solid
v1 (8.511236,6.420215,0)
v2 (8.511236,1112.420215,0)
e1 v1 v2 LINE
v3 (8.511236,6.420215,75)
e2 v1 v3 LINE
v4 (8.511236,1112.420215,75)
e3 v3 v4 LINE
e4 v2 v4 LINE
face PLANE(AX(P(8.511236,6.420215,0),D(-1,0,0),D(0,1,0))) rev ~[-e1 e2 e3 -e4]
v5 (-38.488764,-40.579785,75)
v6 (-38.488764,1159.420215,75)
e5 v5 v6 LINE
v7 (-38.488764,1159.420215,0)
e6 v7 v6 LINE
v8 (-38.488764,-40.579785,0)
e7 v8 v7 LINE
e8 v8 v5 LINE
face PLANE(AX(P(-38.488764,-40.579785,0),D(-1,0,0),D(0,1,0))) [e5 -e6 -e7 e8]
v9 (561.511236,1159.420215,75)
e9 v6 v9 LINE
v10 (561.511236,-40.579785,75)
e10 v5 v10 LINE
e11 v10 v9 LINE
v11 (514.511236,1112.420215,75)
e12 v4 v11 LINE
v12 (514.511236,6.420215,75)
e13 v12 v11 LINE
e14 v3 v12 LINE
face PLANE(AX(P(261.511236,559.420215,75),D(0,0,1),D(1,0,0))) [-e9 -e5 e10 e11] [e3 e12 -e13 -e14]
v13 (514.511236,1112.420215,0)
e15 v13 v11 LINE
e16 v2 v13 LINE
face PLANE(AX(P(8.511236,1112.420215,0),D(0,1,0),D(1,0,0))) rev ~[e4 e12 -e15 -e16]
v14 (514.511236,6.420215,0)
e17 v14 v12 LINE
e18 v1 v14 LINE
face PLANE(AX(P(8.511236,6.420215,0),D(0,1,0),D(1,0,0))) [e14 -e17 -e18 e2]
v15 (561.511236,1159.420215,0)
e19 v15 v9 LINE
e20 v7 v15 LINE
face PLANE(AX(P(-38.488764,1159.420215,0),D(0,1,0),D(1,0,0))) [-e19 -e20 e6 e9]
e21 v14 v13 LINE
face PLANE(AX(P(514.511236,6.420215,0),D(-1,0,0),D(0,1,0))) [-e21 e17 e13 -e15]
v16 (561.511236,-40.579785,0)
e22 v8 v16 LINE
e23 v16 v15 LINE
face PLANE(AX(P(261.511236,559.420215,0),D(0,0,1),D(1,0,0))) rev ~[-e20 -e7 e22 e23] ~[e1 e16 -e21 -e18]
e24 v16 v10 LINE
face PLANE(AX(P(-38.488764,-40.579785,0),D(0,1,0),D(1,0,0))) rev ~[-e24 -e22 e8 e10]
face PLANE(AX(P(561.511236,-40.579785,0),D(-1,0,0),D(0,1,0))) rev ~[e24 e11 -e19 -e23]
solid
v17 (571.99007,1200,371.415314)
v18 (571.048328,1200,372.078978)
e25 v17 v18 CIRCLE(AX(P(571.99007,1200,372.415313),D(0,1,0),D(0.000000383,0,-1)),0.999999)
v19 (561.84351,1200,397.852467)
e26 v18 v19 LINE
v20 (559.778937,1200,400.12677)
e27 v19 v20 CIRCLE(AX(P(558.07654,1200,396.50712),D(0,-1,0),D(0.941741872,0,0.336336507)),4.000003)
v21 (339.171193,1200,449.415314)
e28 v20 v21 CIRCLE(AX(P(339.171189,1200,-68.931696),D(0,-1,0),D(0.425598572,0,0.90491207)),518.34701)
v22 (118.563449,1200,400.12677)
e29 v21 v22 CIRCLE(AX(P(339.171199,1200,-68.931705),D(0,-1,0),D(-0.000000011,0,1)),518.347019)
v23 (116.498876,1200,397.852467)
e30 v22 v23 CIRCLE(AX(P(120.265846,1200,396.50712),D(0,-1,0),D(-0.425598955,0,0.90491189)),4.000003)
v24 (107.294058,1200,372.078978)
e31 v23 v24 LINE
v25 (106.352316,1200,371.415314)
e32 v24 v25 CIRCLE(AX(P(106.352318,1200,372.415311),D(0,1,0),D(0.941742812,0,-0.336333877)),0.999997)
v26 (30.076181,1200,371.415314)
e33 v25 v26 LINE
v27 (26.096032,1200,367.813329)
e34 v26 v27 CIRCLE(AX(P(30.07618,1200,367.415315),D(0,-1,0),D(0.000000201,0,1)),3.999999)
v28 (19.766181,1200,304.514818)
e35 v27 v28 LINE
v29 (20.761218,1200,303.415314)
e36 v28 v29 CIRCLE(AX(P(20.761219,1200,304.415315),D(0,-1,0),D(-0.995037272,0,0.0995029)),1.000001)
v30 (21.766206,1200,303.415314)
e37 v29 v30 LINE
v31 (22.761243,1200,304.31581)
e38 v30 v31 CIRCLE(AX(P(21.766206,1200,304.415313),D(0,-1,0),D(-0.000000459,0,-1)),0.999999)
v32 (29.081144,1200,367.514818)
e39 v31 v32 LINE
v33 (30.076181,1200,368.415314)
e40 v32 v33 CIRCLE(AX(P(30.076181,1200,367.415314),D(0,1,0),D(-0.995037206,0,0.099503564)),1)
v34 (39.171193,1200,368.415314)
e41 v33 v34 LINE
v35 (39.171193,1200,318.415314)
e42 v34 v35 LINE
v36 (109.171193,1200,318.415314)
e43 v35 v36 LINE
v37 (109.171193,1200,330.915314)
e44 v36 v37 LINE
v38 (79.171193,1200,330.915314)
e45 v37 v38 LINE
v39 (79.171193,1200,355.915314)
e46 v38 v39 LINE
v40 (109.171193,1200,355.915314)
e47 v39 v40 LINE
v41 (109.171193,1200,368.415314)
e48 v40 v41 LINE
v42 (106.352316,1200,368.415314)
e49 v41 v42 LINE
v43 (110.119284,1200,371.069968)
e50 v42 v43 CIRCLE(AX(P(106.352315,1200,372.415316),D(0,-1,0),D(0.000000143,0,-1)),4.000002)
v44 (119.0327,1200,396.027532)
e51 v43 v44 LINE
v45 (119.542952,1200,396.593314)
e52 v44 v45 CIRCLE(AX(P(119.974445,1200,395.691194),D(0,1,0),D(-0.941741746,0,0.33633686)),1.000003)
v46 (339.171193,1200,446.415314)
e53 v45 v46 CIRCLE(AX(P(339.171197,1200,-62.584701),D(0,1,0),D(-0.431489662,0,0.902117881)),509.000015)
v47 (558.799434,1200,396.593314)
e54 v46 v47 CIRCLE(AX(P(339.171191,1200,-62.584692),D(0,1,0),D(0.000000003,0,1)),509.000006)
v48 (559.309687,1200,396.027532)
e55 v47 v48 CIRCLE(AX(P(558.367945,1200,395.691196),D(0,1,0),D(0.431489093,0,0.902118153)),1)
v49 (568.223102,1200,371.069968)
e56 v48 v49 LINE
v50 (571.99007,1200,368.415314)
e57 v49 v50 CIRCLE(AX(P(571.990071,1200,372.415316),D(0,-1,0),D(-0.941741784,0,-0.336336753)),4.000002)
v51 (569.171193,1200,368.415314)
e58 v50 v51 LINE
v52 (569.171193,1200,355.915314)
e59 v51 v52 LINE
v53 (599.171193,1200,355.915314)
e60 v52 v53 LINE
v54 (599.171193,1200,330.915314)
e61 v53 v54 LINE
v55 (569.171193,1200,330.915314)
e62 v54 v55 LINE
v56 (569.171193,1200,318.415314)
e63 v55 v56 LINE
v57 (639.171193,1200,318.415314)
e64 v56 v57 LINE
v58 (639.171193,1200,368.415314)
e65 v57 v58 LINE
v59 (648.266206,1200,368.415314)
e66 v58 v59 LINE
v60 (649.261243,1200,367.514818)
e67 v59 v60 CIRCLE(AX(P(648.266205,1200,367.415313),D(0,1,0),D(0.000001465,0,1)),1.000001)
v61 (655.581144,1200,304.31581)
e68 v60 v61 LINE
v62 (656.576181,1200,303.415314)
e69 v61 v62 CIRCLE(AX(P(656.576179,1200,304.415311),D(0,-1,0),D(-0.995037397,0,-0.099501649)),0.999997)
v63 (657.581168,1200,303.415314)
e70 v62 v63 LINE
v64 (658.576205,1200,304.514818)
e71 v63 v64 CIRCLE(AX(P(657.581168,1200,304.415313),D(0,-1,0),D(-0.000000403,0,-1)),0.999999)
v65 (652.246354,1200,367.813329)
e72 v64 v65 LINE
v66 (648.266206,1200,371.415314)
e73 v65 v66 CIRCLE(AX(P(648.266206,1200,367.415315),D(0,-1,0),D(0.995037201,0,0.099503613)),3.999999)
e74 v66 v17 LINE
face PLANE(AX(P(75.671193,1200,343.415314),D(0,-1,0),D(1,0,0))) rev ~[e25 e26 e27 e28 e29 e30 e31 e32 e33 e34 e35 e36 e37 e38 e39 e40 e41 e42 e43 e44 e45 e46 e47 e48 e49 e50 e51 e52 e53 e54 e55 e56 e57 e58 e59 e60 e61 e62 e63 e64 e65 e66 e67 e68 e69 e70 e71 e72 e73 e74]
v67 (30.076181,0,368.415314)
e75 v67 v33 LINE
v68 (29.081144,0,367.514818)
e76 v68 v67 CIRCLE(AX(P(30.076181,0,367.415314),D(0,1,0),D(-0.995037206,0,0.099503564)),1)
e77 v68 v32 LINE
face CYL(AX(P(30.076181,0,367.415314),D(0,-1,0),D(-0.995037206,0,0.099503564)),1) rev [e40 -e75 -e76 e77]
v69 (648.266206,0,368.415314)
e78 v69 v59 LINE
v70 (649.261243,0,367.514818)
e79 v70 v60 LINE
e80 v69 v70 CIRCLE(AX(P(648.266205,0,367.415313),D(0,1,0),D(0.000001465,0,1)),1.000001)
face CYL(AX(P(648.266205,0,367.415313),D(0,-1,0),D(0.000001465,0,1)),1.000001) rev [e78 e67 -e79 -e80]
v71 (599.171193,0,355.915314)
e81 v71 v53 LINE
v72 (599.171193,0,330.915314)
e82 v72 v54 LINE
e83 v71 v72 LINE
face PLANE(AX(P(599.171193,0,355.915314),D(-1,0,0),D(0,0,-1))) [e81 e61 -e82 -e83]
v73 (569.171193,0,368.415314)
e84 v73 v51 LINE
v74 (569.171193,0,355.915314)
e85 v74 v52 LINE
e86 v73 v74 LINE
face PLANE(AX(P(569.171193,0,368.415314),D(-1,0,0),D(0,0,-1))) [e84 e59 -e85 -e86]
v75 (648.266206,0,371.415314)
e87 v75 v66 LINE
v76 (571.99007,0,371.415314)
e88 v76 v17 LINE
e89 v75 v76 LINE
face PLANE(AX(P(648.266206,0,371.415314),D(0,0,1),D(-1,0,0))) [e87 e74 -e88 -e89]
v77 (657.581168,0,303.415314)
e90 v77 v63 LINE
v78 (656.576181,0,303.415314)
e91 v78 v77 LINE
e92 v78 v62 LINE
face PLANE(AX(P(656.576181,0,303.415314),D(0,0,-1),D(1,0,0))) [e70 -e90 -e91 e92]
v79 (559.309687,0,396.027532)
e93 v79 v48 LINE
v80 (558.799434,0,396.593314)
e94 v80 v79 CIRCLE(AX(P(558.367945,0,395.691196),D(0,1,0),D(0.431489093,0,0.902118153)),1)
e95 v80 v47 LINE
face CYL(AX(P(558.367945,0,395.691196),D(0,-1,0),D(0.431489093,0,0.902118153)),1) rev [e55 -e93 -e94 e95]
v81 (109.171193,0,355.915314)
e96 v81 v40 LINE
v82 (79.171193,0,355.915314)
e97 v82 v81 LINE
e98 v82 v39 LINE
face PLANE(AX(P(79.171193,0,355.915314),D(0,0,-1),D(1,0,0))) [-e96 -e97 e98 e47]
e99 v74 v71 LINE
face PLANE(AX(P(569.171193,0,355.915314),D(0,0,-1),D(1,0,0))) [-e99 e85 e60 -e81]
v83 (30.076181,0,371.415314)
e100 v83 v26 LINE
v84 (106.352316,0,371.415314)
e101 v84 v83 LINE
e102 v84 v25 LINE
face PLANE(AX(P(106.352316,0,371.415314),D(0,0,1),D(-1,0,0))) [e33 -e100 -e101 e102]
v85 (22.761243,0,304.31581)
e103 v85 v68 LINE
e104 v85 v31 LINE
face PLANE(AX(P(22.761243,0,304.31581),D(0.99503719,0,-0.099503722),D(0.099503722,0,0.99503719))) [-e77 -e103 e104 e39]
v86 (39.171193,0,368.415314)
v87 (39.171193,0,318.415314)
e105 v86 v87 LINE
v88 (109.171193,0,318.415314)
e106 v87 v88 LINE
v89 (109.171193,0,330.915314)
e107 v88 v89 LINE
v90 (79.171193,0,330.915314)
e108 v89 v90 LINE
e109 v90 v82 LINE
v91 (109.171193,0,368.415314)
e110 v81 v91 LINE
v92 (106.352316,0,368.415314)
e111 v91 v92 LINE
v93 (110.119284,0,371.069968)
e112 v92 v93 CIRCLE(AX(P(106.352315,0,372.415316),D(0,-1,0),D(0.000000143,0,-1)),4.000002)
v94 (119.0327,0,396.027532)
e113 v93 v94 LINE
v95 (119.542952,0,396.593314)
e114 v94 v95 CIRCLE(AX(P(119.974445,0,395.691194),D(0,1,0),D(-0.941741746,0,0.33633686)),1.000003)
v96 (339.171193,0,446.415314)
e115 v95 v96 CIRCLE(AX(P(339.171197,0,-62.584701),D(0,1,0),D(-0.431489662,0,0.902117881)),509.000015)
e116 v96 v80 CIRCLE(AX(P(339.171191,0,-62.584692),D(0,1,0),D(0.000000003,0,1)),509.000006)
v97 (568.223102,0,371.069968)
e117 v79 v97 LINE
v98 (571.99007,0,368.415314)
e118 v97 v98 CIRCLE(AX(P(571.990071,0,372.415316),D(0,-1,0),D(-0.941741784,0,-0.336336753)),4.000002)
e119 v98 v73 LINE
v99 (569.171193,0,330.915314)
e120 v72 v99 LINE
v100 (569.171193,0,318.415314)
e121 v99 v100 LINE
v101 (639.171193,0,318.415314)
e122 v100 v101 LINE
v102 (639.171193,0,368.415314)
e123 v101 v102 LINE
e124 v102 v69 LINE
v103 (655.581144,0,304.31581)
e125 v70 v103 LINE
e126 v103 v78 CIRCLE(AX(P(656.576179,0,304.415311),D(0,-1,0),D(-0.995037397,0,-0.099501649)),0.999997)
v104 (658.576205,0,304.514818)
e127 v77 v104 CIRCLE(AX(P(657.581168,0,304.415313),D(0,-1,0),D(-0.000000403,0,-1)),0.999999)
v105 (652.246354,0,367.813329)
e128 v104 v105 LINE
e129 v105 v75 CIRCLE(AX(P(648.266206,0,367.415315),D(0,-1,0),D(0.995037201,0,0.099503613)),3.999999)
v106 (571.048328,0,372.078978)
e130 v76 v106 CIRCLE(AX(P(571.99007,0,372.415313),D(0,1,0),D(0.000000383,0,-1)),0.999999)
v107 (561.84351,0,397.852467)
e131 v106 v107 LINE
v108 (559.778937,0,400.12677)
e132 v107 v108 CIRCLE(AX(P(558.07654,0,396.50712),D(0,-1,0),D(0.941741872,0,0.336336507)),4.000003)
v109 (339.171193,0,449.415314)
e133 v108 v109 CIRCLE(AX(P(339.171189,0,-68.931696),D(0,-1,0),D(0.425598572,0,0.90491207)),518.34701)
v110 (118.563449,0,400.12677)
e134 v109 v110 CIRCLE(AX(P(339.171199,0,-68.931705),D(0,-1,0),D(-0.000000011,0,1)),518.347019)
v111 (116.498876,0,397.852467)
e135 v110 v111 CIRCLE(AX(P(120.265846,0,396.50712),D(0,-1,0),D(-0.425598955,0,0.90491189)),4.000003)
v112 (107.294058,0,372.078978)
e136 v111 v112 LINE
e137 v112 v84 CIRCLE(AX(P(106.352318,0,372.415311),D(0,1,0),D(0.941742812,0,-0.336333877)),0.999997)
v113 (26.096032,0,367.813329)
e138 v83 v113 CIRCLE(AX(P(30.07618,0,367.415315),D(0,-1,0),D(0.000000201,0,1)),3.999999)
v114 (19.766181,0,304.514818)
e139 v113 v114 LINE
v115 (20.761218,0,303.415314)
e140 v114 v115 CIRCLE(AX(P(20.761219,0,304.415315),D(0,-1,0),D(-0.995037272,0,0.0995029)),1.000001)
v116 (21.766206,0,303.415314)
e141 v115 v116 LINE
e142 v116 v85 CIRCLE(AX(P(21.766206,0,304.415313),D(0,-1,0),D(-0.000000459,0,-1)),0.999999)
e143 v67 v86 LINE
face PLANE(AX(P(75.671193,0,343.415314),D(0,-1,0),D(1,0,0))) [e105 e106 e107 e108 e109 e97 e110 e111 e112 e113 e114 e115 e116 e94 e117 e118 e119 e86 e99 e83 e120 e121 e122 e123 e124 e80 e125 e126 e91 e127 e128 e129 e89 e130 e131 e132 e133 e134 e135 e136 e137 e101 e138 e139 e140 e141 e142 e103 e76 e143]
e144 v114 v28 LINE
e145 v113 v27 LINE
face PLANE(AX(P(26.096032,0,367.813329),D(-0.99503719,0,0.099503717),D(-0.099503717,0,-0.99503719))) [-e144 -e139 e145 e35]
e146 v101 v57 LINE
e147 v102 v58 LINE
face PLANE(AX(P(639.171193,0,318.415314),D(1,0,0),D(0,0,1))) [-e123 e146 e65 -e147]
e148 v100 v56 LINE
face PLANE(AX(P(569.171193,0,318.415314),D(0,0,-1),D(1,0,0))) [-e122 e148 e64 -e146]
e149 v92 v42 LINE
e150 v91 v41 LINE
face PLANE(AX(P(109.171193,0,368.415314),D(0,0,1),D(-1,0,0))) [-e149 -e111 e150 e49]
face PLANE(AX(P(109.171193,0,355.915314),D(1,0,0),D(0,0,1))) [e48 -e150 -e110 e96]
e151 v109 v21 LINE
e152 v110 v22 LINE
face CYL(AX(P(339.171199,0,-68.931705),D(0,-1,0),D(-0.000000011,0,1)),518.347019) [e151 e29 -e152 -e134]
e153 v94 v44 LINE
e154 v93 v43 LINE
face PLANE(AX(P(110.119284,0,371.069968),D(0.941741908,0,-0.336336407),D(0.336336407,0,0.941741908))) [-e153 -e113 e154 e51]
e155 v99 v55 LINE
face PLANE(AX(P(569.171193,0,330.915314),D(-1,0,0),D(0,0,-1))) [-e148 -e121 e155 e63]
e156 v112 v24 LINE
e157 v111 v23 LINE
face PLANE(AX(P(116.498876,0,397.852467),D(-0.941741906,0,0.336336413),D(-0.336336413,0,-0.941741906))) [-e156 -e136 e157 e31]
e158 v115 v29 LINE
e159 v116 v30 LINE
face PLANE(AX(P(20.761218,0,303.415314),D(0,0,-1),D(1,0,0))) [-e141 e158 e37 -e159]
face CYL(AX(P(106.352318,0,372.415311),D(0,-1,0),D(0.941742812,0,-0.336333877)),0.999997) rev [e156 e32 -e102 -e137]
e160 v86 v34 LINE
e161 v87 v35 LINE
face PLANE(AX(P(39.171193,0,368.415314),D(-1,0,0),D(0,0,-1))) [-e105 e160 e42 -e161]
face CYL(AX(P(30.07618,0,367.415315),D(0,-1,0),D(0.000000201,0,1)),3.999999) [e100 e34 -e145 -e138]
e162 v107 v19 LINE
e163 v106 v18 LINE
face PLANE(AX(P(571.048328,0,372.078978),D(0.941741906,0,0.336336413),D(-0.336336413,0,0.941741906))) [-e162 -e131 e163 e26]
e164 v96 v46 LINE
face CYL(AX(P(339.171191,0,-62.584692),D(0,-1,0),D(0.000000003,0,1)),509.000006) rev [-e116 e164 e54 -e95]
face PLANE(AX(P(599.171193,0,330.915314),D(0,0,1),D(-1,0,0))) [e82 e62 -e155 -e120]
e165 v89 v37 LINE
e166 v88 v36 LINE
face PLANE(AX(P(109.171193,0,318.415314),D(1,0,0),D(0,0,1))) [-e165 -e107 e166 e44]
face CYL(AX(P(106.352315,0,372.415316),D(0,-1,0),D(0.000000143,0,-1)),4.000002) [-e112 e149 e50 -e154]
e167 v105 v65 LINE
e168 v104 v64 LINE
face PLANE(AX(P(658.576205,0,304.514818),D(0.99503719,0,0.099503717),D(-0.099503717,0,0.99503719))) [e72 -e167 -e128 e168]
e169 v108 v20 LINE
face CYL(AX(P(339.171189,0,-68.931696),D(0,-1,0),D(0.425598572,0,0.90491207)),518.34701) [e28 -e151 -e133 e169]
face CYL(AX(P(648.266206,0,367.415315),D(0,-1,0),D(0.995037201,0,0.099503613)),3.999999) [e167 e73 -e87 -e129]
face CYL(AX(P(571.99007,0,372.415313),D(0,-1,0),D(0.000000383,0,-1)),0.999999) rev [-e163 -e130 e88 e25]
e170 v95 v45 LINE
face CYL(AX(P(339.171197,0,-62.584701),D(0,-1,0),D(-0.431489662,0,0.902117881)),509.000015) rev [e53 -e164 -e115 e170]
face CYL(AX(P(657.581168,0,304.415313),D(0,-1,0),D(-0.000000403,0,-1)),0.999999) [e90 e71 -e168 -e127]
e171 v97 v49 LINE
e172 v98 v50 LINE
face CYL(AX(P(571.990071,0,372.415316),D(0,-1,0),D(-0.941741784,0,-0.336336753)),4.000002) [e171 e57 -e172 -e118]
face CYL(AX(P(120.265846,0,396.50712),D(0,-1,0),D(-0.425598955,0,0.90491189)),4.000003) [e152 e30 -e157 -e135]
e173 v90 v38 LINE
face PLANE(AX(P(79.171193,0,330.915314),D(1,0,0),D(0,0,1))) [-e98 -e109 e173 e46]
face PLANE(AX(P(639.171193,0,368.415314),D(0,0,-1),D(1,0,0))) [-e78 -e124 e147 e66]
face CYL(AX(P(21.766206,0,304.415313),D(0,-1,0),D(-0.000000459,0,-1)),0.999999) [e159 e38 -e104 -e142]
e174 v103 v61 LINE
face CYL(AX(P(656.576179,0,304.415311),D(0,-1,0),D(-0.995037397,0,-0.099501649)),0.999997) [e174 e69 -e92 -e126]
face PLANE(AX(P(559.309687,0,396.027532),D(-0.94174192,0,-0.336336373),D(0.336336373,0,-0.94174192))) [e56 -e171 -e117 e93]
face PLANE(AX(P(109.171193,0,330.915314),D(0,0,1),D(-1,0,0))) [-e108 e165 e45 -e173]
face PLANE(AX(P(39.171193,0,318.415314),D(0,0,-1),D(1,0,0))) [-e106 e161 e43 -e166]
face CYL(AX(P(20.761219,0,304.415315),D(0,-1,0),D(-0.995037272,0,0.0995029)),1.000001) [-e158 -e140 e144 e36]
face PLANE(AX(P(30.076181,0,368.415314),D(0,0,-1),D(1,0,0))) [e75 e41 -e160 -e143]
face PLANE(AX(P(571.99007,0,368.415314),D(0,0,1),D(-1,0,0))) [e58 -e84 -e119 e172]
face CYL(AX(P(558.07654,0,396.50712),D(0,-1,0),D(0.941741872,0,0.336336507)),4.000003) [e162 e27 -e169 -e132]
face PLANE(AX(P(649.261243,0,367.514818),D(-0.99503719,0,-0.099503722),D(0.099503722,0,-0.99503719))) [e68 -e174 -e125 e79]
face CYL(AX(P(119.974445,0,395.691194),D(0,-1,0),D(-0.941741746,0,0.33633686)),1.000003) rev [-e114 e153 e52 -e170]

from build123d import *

# Parameters (mm, degrees)
F0_W     = 600
F0_H     = 1200
F0_W_2   = 506
F0_H_2   = 1106
F1_DEPTH = 75
F3_DEPTH = 1200


with BuildPart() as f1:
    # F0 (on Top) → F1 (new body)
    with BuildSketch(Plane.XY):
        with Locations((261.511236, 559.420215)):
            Rectangle(F0_W, F0_H)
        with Locations((261.511236, 559.420215)):
            Rectangle(F0_W_2, F0_H_2, mode=Mode.SUBTRACT)
    extrude(amount=F1_DEPTH)


with BuildPart() as f3:
    # F2 (on Front) → F3 (new body)
    with BuildSketch(Plane.XZ):
        Polygon((39.171193, 368.415314), (39.171193, 318.415314), (109.171193, 318.415314), (109.171193, 330.915314), (79.171193, 330.915314), (79.171193, 355.915314), (109.171193, 355.915314), (109.171193, 368.415314), (106.352316, 368.415314), align=None)
        Polygon((639.171193, 368.415314), (571.99007, 368.415314), (569.171193, 368.415314), (569.171193, 355.915314), (599.171193, 355.915314), (599.171193, 330.915314), (569.171193, 330.915314), (569.171193, 318.415314), (639.171193, 318.415314), align=None)
        with BuildLine():
            Line((339.171193, 449.415314), (339.171193, 446.415314))
            ThreePointArc((339.171193, 446.415314), (451.775363, 433.80357), (558.799434, 396.593314))
            ThreePointArc((558.799434, 396.593314), (559.110554, 396.360921), (559.309687, 396.027532))
            Line((559.309687, 396.027532), (568.223102, 371.069968))
            ThreePointArc((568.223102, 371.069968), (569.685876, 369.145652), (571.99007, 368.415314))
            Line((571.99007, 368.415314), (639.171193, 368.415314))
            Line((639.171193, 368.415314), (648.266206, 368.415314))
            ThreePointArc((648.266206, 368.415314), (648.937211, 368.156766), (649.261243, 367.514818))
            Line((649.261243, 367.514818), (655.581144, 304.31581))
            ThreePointArc((655.581144, 304.31581), (655.905175, 303.673861), (656.576181, 303.415314))
            Line((656.576181, 303.415314), (657.581168, 303.415314))
            ThreePointArc((657.581168, 303.415314), (658.322621, 303.744309), (658.576205, 304.514818))
            Line((658.576205, 304.514818), (652.246354, 367.813329))
            ThreePointArc((652.246354, 367.813329), (650.950227, 370.381124), (648.266206, 371.415314))
            Line((648.266206, 371.415314), (571.99007, 371.415314))
            ThreePointArc((571.99007, 371.415314), (571.414022, 371.597898), (571.048328, 372.078978))
            Line((571.048328, 372.078978), (561.84351, 397.852467))
            ThreePointArc((561.84351, 397.852467), (561.03823, 399.195691), (559.778937, 400.12677))
            ThreePointArc((559.778937, 400.12677), (452.194573, 436.943128), (339.171193, 449.415314))
        make_face()
        with BuildLine():
            Line((30.076181, 368.415314), (39.171193, 368.415314))
            Line((39.171193, 368.415314), (106.352316, 368.415314))
            ThreePointArc((106.352316, 368.415314), (108.65651, 369.145652), (110.119284, 371.069968))
            Line((110.119284, 371.069968), (119.0327, 396.027532))
            ThreePointArc((119.0327, 396.027532), (119.231833, 396.360921), (119.542952, 396.593314))
            ThreePointArc((119.542952, 396.593314), (226.567024, 433.80357), (339.171193, 446.415314))
            Line((339.171193, 446.415314), (339.171193, 449.415314))
            ThreePointArc((339.171193, 449.415314), (226.147814, 436.943128), (118.563449, 400.12677))
            ThreePointArc((118.563449, 400.12677), (117.304156, 399.195691), (116.498876, 397.852467))
            Line((116.498876, 397.852467), (107.294058, 372.078978))
            ThreePointArc((107.294058, 372.078978), (106.928365, 371.597898), (106.352316, 371.415314))
            Line((106.352316, 371.415314), (30.076181, 371.415314))
            ThreePointArc((30.076181, 371.415314), (27.392159, 370.381124), (26.096032, 367.813329))
            Line((26.096032, 367.813329), (19.766181, 304.514818))
            ThreePointArc((19.766181, 304.514818), (20.019766, 303.744309), (20.761218, 303.415314))
            Line((20.761218, 303.415314), (21.766206, 303.415314))
            ThreePointArc((21.766206, 303.415314), (22.437211, 303.673861), (22.761243, 304.31581))
            Line((22.761243, 304.31581), (29.081144, 367.514818))
            ThreePointArc((29.081144, 367.514818), (29.405175, 368.156766), (30.076181, 368.415314))
        make_face()
    extrude(amount=-F3_DEPTH)


solid = Compound([f1.part, f3.part])
